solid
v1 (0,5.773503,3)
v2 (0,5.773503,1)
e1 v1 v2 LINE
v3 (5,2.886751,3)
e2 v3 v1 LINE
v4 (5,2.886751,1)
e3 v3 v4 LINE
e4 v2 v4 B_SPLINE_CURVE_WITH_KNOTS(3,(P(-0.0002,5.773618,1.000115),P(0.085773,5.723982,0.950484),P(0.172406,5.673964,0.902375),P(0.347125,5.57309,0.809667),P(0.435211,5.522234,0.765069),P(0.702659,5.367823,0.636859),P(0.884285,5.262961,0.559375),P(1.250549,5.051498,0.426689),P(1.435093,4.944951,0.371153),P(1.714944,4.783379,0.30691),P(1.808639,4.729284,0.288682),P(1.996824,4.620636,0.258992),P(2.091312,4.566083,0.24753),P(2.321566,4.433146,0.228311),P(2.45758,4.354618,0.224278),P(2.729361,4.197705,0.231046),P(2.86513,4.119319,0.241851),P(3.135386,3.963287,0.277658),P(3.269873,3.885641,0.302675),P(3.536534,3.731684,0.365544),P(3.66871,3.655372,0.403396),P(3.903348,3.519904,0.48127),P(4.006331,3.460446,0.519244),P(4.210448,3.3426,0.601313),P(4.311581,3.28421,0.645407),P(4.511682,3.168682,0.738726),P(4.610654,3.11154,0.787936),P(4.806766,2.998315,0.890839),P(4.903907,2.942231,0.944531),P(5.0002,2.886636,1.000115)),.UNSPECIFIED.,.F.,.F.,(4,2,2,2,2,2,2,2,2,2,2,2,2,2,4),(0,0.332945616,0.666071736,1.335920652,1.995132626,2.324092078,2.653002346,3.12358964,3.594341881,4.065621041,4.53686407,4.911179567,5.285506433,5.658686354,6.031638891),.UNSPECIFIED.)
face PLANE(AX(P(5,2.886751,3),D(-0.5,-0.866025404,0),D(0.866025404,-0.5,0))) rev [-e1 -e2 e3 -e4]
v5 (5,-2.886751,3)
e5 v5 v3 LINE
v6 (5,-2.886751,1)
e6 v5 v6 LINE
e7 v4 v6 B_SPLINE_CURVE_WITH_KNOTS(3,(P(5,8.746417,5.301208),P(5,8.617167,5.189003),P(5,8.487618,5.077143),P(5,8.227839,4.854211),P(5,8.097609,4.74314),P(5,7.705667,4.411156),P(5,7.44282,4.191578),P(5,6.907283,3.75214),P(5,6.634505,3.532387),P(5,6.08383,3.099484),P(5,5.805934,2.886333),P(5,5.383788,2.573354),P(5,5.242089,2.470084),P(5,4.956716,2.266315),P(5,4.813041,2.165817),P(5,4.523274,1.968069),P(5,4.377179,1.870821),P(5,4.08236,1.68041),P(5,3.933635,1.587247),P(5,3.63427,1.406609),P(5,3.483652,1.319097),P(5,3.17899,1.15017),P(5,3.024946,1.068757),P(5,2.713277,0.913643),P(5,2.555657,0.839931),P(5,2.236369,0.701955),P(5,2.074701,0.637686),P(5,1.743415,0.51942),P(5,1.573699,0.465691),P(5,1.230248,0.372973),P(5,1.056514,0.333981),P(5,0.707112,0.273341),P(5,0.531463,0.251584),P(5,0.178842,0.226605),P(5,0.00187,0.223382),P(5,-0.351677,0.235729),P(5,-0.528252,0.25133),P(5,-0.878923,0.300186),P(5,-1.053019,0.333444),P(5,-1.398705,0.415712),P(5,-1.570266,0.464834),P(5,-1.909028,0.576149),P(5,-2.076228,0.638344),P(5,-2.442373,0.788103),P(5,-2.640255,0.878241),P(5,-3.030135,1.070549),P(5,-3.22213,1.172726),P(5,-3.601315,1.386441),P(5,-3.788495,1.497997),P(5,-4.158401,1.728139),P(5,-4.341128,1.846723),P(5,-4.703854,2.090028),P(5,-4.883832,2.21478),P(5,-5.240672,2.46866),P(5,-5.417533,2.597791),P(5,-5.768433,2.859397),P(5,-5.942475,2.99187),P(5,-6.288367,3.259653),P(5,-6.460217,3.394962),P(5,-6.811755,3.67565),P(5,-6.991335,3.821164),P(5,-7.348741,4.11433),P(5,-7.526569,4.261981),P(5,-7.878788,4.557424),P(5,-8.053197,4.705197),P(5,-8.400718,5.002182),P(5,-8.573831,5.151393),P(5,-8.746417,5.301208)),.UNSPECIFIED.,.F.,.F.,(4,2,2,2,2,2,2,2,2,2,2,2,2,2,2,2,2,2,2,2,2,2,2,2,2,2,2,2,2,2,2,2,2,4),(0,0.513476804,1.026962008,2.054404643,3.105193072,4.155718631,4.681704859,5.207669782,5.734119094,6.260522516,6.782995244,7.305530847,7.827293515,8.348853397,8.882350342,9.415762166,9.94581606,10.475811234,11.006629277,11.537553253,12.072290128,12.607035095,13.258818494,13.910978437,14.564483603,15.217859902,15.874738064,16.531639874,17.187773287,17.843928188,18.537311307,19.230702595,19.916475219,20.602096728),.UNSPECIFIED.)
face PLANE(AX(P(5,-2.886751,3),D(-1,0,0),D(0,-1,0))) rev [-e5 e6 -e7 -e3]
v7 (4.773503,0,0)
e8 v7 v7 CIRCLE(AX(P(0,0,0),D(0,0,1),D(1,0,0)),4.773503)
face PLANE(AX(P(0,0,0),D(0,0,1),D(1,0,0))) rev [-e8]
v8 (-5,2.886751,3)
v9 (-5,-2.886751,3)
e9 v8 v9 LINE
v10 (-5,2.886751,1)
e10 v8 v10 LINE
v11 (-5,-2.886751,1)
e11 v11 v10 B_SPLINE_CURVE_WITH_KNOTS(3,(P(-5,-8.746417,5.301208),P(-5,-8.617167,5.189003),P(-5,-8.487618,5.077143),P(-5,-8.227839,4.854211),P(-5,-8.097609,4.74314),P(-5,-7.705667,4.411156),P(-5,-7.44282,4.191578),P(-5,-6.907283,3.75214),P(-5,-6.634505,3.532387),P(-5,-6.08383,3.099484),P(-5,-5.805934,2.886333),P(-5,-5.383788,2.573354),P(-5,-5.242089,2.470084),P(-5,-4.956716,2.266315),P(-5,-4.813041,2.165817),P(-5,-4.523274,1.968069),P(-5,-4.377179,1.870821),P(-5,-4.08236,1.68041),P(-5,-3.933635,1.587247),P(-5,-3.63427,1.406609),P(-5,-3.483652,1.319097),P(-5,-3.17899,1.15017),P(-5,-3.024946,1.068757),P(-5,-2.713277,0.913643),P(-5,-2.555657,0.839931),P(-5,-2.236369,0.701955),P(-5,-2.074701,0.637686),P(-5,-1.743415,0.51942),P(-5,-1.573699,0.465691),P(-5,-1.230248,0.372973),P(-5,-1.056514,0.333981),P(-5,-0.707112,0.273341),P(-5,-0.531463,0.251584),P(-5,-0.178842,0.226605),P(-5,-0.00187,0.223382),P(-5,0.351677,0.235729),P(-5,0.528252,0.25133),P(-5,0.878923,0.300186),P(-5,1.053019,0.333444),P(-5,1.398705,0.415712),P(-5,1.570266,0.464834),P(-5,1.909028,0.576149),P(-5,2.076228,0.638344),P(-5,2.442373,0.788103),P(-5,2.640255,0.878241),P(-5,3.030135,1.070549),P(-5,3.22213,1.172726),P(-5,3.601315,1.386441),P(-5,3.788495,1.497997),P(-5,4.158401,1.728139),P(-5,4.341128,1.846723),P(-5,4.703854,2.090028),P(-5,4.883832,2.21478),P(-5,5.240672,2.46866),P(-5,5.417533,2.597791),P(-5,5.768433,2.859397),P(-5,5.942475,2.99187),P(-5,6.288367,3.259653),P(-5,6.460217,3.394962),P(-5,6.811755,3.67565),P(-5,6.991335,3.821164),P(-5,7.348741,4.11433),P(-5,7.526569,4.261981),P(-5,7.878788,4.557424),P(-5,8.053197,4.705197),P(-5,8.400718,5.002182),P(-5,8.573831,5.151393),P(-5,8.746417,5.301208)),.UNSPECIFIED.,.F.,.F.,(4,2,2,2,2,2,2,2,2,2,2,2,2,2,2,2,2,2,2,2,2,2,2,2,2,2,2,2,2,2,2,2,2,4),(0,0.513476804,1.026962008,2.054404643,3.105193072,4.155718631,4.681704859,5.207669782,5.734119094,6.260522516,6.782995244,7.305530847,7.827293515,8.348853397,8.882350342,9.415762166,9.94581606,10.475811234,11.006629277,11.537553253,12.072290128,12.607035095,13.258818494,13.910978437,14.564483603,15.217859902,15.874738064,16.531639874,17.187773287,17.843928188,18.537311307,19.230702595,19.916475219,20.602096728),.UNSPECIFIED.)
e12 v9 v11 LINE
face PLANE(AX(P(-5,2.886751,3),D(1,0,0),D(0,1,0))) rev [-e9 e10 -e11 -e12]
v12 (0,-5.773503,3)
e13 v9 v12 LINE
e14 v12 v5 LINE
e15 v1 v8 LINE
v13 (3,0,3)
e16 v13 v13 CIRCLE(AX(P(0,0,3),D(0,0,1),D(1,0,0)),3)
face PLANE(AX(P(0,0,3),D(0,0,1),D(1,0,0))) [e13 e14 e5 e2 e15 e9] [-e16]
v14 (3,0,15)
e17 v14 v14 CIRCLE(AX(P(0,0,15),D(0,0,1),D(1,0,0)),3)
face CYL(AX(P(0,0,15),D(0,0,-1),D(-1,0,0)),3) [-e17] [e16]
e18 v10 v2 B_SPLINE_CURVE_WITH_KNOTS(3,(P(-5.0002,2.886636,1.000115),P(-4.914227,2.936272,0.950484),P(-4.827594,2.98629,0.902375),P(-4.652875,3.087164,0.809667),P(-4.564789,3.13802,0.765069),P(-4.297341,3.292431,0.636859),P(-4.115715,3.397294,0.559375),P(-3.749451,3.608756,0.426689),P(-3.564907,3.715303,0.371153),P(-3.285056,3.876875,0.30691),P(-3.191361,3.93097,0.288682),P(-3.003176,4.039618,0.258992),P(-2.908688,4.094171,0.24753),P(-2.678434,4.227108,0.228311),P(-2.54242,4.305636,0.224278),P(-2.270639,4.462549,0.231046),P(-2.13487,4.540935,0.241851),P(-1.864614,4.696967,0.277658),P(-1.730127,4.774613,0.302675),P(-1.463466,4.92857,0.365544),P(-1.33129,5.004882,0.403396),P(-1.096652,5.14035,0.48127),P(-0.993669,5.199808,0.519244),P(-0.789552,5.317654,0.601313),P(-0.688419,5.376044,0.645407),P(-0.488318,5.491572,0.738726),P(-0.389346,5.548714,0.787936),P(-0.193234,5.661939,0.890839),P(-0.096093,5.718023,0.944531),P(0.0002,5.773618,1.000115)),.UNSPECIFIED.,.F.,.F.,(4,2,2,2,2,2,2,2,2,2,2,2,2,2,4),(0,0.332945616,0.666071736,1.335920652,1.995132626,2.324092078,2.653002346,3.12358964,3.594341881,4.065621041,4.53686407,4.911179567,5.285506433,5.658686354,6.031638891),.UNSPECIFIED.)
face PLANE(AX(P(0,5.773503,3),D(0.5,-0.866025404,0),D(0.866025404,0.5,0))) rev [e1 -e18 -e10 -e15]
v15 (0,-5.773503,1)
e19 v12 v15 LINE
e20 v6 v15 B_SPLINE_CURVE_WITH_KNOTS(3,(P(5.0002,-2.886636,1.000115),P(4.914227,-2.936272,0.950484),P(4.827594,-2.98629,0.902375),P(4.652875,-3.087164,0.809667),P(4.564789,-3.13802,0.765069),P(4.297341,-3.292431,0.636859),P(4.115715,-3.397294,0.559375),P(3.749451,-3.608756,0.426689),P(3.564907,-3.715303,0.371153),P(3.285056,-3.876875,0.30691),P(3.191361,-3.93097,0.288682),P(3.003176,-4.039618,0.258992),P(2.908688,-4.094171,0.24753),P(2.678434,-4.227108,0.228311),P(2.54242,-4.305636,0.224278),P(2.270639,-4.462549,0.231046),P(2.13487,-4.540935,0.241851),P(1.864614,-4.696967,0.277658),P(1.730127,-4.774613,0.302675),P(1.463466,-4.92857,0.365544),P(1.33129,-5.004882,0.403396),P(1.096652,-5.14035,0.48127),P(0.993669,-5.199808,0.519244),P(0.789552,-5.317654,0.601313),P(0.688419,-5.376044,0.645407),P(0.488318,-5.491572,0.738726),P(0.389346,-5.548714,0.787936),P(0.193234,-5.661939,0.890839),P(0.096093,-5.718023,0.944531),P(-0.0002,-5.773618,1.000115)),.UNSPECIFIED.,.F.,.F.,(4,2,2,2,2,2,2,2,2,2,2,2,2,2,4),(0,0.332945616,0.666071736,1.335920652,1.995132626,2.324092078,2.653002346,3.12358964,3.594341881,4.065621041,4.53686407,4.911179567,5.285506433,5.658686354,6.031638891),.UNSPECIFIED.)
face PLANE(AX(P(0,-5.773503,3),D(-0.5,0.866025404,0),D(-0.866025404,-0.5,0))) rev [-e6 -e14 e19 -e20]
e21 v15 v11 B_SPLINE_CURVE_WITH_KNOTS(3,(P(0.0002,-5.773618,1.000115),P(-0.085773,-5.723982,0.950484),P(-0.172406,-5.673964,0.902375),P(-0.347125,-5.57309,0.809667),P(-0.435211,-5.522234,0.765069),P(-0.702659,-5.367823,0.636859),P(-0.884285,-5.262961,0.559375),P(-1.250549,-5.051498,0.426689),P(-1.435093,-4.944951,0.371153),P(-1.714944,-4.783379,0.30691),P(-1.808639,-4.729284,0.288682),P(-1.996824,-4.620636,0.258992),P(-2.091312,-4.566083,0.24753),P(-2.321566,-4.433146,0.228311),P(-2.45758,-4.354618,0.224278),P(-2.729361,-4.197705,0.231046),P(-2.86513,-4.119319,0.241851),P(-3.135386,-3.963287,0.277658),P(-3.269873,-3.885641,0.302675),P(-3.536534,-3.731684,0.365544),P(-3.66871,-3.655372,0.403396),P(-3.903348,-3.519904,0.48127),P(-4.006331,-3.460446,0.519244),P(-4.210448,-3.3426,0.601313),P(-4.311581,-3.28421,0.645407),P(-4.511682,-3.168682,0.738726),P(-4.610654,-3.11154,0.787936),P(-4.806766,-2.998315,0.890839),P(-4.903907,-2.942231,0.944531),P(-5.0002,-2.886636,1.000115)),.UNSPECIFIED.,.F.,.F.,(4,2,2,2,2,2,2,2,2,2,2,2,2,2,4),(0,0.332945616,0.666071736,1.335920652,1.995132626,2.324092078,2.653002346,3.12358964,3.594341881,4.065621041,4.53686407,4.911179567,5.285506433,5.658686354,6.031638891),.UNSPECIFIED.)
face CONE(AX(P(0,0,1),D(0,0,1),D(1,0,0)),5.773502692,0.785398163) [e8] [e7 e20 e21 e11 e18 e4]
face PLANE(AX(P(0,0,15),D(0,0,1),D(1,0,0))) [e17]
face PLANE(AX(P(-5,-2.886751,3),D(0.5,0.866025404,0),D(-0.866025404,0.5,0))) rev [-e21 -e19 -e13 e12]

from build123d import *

# Parameters (mm, degrees)
BOSS_EXTRUDE1_DEPTH = 3
SKETCH2_R           = 3
BOSS_EXTRUDE2_DEPTH = 12


with BuildPart() as part:
    # Sketch1 → Boss-Extrude1 (new body)
    with BuildSketch(Plane.XY):
        Polygon((0, -5.773502692), (5, -2.886751346), (5, 2.886751346), (0, 5.773502692), (-5, 2.886751346), (-5, -2.886751346), align=None)
    extrude(amount=BOSS_EXTRUDE1_DEPTH)

    # Sketch2 → Boss-Extrude2 (add)
    with BuildSketch(Plane.XY.offset(3)):
        Circle(SKETCH2_R)
    extrude(amount=BOSS_EXTRUDE2_DEPTH)

    # Sketch3 → Cut-Revolve1 (revolve, cut)
    with BuildSketch(Plane(origin=(0, 0, 0), x_dir=(0, 0, -1), z_dir=(1, 0, 0)), mode=Mode.PRIVATE) as cut_revolve1_sk:
        Polygon((-1, 5.773502692), (0, 5.773502692), (0, 4.773502692), align=None)
    revolve(cut_revolve1_sk.sketch.rotate(Axis((0, 0, 11.168529758), (0, 0, -1)), 90), axis=Axis((0, 0, 11.168529758), (0, 0, -1)), mode=Mode.SUBTRACT)


solid = part.part
